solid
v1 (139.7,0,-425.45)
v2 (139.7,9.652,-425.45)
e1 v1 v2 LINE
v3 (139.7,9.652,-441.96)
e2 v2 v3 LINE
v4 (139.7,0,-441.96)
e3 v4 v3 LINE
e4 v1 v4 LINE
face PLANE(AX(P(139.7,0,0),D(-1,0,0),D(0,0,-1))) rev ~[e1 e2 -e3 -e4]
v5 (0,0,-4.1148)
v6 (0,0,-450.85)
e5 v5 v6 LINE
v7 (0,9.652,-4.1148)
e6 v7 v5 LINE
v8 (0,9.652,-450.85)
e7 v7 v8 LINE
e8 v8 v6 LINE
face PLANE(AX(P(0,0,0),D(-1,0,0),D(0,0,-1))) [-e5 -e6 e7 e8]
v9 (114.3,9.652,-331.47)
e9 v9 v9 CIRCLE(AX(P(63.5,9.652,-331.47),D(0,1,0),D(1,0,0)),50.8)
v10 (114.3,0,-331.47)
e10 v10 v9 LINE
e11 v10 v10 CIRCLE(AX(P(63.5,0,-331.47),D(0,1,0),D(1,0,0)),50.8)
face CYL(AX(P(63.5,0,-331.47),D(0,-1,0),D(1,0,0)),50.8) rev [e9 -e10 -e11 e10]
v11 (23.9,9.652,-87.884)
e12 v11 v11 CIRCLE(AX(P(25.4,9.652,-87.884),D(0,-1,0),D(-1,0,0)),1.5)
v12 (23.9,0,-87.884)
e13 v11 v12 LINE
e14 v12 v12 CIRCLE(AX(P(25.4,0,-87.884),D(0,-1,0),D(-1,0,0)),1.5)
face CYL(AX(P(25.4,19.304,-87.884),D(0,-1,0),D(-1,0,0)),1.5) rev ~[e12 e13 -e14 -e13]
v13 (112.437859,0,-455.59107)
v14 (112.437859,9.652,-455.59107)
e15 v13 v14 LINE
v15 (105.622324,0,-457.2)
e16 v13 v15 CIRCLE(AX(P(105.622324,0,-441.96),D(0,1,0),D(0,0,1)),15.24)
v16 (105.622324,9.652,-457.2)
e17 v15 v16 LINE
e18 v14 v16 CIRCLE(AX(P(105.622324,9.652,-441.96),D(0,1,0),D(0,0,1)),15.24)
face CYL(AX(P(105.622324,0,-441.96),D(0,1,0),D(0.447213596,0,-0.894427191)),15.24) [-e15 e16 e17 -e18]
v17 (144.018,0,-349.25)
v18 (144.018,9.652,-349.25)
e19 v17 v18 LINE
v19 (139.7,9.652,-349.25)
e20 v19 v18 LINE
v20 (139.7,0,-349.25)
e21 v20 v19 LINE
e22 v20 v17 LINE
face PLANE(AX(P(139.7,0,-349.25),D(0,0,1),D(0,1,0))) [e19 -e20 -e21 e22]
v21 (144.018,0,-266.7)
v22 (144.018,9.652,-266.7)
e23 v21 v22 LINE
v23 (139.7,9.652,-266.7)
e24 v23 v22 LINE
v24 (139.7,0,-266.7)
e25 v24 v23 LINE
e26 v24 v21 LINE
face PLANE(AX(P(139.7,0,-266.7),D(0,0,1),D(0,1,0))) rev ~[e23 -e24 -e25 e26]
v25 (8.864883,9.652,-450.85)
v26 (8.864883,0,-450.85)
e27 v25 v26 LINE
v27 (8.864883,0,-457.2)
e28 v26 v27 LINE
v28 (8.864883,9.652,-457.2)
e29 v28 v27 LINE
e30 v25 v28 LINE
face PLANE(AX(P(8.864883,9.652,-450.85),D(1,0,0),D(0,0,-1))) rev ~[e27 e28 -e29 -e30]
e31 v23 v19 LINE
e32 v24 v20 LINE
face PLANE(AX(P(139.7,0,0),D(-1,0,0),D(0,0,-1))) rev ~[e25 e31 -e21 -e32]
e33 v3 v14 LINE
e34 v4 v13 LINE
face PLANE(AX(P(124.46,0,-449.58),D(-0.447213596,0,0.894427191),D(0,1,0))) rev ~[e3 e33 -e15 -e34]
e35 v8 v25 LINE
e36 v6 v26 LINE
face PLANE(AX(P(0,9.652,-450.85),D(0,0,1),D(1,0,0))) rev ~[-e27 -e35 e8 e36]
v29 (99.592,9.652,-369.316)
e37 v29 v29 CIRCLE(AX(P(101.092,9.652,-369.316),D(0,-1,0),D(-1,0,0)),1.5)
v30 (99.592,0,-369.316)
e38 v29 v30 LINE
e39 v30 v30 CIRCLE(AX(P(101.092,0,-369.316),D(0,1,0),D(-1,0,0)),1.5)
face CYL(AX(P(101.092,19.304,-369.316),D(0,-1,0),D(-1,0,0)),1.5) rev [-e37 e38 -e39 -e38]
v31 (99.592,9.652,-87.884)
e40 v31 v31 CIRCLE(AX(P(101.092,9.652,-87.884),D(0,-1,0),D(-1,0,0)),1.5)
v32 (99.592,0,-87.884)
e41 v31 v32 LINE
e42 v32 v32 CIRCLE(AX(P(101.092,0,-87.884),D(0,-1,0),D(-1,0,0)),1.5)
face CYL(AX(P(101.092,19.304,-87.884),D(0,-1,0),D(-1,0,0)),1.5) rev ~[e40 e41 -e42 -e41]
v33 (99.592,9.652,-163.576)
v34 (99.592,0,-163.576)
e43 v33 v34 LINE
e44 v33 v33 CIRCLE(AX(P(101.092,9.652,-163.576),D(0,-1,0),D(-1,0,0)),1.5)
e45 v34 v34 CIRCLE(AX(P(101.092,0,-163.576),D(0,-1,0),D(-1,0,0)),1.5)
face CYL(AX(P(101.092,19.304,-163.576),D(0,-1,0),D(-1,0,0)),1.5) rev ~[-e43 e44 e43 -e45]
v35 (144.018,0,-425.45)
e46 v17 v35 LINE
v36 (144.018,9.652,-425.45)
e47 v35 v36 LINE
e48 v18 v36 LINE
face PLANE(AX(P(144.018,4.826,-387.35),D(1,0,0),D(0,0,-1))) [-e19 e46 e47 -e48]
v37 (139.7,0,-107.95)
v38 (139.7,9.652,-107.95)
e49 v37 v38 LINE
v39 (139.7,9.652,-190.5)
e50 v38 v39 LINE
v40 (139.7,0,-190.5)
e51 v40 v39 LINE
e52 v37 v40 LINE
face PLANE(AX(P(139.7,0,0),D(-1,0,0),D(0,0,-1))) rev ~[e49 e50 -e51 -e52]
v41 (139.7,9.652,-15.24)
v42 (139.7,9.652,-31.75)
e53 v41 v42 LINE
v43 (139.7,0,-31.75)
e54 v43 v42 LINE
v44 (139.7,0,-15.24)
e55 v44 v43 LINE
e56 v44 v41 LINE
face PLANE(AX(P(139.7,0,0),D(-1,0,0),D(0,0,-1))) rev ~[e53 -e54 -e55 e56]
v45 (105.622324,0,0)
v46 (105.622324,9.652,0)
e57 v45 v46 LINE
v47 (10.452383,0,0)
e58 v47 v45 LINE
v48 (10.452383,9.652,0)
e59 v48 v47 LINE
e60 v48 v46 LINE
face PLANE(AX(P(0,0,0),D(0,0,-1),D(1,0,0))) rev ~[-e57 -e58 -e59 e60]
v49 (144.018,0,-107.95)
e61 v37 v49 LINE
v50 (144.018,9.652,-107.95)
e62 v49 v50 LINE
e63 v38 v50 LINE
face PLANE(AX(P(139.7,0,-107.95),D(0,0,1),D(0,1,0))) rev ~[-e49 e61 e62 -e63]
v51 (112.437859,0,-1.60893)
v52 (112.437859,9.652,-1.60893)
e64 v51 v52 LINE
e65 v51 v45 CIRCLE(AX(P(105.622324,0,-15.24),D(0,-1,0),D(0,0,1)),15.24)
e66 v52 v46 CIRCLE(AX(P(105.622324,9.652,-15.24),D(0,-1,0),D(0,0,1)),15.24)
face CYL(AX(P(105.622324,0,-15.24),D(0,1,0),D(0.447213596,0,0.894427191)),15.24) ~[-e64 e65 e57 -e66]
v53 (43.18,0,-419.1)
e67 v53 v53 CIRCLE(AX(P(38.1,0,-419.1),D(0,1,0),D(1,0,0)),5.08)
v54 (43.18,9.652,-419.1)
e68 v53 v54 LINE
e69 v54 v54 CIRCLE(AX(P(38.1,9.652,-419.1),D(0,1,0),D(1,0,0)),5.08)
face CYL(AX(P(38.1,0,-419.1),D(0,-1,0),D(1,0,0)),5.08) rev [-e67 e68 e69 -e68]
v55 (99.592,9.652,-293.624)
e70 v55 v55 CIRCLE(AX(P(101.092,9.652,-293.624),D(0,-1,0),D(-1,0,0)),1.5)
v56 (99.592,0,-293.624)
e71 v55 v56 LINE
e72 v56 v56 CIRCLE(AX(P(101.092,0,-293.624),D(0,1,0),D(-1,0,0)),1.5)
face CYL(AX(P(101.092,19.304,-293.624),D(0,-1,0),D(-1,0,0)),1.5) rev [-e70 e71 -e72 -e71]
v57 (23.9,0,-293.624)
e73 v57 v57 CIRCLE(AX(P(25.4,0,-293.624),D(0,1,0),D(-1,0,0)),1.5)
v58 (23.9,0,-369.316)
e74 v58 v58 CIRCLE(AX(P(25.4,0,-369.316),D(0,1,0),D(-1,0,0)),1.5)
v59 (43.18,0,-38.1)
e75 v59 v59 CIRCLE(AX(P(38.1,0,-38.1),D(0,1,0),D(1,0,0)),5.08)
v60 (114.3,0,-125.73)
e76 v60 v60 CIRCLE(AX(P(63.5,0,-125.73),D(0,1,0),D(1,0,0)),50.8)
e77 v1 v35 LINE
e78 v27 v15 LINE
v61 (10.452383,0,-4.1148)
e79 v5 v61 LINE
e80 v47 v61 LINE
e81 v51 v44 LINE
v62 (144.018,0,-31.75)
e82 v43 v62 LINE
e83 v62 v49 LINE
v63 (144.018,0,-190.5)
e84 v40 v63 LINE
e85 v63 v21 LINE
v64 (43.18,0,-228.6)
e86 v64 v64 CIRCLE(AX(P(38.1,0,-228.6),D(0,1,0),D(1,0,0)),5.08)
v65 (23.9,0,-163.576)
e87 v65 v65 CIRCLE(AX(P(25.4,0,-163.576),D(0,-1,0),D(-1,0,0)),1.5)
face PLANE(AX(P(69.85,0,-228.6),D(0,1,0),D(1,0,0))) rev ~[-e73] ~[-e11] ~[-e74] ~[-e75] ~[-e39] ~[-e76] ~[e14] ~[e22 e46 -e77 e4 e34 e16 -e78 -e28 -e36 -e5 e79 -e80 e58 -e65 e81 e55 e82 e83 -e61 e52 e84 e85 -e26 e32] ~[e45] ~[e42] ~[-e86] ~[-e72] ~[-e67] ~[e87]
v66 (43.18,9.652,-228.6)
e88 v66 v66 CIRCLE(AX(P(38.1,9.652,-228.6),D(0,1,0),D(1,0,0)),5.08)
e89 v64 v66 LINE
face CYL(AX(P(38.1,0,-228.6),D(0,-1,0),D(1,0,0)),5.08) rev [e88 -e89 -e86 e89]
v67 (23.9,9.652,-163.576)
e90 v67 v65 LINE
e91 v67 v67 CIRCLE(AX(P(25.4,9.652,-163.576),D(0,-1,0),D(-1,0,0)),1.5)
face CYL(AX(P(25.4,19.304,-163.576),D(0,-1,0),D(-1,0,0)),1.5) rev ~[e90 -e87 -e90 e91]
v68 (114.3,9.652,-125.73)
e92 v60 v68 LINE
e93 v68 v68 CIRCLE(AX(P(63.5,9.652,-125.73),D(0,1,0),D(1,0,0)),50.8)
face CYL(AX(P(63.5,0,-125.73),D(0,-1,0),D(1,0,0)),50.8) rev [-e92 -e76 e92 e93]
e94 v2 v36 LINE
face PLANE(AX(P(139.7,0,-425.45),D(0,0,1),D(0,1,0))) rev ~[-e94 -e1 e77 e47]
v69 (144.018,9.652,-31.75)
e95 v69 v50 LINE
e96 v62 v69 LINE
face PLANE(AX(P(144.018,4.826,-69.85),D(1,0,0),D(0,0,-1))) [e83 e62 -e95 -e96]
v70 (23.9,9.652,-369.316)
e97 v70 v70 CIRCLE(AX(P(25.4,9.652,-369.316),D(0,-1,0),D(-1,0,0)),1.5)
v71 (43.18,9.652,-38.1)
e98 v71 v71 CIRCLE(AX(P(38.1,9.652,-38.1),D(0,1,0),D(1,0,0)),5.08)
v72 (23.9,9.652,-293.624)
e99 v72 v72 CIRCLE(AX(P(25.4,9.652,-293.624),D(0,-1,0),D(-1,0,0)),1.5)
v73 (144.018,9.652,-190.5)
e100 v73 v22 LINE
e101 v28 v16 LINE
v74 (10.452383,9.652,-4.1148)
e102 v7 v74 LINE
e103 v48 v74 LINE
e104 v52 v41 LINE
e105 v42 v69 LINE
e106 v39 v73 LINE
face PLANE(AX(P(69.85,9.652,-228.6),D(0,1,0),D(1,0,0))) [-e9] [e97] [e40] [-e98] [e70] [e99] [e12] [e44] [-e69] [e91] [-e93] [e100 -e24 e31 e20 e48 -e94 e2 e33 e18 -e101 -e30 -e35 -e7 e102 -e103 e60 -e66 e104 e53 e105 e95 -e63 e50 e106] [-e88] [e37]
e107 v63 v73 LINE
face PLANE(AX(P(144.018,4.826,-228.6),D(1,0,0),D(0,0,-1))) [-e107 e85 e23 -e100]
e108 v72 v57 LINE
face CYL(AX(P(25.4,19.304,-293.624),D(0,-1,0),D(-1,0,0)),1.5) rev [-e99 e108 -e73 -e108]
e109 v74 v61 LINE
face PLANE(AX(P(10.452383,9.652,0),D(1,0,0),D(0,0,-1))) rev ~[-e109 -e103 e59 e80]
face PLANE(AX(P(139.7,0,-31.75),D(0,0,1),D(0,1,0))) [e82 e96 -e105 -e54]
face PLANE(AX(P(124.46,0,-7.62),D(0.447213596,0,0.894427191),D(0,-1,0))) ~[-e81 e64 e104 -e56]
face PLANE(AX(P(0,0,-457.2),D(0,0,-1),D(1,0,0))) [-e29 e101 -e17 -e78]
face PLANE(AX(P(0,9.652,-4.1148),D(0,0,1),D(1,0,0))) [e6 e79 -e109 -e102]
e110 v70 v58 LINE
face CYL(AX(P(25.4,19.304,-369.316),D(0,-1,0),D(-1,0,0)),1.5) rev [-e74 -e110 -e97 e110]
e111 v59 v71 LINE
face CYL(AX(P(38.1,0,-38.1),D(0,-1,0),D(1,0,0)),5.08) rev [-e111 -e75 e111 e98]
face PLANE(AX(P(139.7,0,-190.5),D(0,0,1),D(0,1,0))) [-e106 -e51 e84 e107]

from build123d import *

# Parameters (mm, degrees)
SKETCH1_W                    = 139.7
SKETCH1_H                    = 457.2
SKETCH1_R                    = 50.8
SKETCH1_R_2                  = 5.08
BOSS_EXTRUDE1_DEPTH          = 9.652
SKETCH4_W                    = 10.452383168
SKETCH4_H                    = 4.1148
SKETCH4_W_2                  = 8.864883168
SKETCH4_H_2                  = 6.35
CUT_EXTRUDE1_DEPTH           = 10.652
CHAMFER1_SIZE                = 15.24
CHAMFER1_SIZE2               = 30.48
CHAMFER2_SIZE                = 30.48
CHAMFER2_SIZE2               = 15.24
FILLET2_R                    = 15.24
SKETCH5_W                    = 76.2
SKETCH5_H                    = 9.652
BOSS_EXTRUDE2_DEPTH          = 4.318
F_3_0_3_DIAMETER_HOLE1_D     = 3
F_3_0_3_DIAMETER_HOLE1_DEPTH = 9.652


with BuildPart() as part:
    # Sketch1 → Boss-Extrude1 (new body)
    with BuildSketch(Plane(origin=(0, 0, 0), x_dir=(1, 0, 0), z_dir=(0, 1, 0))):
        with Locations((69.85, 228.6)):
            Rectangle(SKETCH1_W, SKETCH1_H)
        with Locations((63.5, 125.73)):
            Circle(SKETCH1_R, mode=Mode.SUBTRACT)
        with Locations((38.1, 38.1)):
            Circle(SKETCH1_R_2, mode=Mode.SUBTRACT)
        with Locations((38.1, 419.1)):
            Circle(SKETCH1_R_2, mode=Mode.SUBTRACT)
        with Locations((63.5, 331.47)):
            Circle(SKETCH1_R, mode=Mode.SUBTRACT)
        with Locations((38.1, 228.6)):
            Circle(SKETCH1_R_2, mode=Mode.SUBTRACT)
    extrude(amount=BOSS_EXTRUDE1_DEPTH)

    # Sketch4 → Cut-Extrude1 (cut, through all)
    with BuildSketch(Plane(origin=(0, 9.652, 0), x_dir=(1, 0, 0), z_dir=(0, 1, 0))):
        with Locations((5.226191584, 2.0574)):
            Rectangle(SKETCH4_W, SKETCH4_H)
        with Locations((4.432441584, 454.025)):
            Rectangle(SKETCH4_W_2, SKETCH4_H_2)
    extrude(amount=-CUT_EXTRUDE1_DEPTH, mode=Mode.SUBTRACT)

    # Chamfer1
    chamfer1_edges = [part.edges().sort_by_distance(p)[0] for p in [
        (139.7, 4.826, -457.2),
    ]]
    chamfer1_side = [part.faces().sort_by_distance(p)[0] for p in [
        (139.7, 4.826, -228.6),
    ]]
    chamfer(chamfer1_edges, length=CHAMFER1_SIZE, length2=CHAMFER1_SIZE2, reference=chamfer1_side[0])

    # Chamfer2
    chamfer2_edges = [part.edges().sort_by_distance(p)[0] for p in [
        (139.7, 4.826, 0),
    ]]
    chamfer2_side = [part.faces().sort_by_distance(p)[0] for p in [
        (75.076191584, 4.826, 0),
    ]]
    chamfer(chamfer2_edges, length=CHAMFER2_SIZE, length2=CHAMFER2_SIZE2, reference=chamfer2_side[0])

    # Fillet2
    fillet2_edges = [part.edges().sort_by_distance(p)[0] for p in [
        (109.22, 4.826, -457.2),
        (109.22, 4.826, 0),
    ]]
    fillet(fillet2_edges, radius=FILLET2_R)

    # Sketch5 → Boss-Extrude2 (add)
    with BuildSketch(Plane(origin=(139.7, 0, 0), x_dir=(0, 0, -1), z_dir=(1, 0, 0))):
        with Locations((69.85, 4.826)):
            Rectangle(SKETCH5_W, SKETCH5_H)
        with Locations((228.6, 4.826)):
            Rectangle(SKETCH5_W, SKETCH5_H)
        with Locations((387.35, 4.826)):
            Rectangle(SKETCH5_W, SKETCH5_H)
    extrude(amount=BOSS_EXTRUDE2_DEPTH)

    # Ø3.0 (3) Diameter Hole1
    with Locations(Plane(origin=(0, 9.652, 0), x_dir=(1, 0, 0), z_dir=(0, 1, 0))):
        with Locations((101.092, 87.884), (25.4, 87.884), (25.4, 163.576), (101.092, 163.576)):
            f_3_0_3_diameter_hole1 = Hole(F_3_0_3_DIAMETER_HOLE1_D / 2, depth=F_3_0_3_DIAMETER_HOLE1_DEPTH)

    # Mirror1: Ø3.0 (3) Diameter Hole1 across plane
    add(f_3_0_3_diameter_hole1.mirror(Plane.XY.offset(-228.6)), mode=Mode.SUBTRACT)


solid = part.part
